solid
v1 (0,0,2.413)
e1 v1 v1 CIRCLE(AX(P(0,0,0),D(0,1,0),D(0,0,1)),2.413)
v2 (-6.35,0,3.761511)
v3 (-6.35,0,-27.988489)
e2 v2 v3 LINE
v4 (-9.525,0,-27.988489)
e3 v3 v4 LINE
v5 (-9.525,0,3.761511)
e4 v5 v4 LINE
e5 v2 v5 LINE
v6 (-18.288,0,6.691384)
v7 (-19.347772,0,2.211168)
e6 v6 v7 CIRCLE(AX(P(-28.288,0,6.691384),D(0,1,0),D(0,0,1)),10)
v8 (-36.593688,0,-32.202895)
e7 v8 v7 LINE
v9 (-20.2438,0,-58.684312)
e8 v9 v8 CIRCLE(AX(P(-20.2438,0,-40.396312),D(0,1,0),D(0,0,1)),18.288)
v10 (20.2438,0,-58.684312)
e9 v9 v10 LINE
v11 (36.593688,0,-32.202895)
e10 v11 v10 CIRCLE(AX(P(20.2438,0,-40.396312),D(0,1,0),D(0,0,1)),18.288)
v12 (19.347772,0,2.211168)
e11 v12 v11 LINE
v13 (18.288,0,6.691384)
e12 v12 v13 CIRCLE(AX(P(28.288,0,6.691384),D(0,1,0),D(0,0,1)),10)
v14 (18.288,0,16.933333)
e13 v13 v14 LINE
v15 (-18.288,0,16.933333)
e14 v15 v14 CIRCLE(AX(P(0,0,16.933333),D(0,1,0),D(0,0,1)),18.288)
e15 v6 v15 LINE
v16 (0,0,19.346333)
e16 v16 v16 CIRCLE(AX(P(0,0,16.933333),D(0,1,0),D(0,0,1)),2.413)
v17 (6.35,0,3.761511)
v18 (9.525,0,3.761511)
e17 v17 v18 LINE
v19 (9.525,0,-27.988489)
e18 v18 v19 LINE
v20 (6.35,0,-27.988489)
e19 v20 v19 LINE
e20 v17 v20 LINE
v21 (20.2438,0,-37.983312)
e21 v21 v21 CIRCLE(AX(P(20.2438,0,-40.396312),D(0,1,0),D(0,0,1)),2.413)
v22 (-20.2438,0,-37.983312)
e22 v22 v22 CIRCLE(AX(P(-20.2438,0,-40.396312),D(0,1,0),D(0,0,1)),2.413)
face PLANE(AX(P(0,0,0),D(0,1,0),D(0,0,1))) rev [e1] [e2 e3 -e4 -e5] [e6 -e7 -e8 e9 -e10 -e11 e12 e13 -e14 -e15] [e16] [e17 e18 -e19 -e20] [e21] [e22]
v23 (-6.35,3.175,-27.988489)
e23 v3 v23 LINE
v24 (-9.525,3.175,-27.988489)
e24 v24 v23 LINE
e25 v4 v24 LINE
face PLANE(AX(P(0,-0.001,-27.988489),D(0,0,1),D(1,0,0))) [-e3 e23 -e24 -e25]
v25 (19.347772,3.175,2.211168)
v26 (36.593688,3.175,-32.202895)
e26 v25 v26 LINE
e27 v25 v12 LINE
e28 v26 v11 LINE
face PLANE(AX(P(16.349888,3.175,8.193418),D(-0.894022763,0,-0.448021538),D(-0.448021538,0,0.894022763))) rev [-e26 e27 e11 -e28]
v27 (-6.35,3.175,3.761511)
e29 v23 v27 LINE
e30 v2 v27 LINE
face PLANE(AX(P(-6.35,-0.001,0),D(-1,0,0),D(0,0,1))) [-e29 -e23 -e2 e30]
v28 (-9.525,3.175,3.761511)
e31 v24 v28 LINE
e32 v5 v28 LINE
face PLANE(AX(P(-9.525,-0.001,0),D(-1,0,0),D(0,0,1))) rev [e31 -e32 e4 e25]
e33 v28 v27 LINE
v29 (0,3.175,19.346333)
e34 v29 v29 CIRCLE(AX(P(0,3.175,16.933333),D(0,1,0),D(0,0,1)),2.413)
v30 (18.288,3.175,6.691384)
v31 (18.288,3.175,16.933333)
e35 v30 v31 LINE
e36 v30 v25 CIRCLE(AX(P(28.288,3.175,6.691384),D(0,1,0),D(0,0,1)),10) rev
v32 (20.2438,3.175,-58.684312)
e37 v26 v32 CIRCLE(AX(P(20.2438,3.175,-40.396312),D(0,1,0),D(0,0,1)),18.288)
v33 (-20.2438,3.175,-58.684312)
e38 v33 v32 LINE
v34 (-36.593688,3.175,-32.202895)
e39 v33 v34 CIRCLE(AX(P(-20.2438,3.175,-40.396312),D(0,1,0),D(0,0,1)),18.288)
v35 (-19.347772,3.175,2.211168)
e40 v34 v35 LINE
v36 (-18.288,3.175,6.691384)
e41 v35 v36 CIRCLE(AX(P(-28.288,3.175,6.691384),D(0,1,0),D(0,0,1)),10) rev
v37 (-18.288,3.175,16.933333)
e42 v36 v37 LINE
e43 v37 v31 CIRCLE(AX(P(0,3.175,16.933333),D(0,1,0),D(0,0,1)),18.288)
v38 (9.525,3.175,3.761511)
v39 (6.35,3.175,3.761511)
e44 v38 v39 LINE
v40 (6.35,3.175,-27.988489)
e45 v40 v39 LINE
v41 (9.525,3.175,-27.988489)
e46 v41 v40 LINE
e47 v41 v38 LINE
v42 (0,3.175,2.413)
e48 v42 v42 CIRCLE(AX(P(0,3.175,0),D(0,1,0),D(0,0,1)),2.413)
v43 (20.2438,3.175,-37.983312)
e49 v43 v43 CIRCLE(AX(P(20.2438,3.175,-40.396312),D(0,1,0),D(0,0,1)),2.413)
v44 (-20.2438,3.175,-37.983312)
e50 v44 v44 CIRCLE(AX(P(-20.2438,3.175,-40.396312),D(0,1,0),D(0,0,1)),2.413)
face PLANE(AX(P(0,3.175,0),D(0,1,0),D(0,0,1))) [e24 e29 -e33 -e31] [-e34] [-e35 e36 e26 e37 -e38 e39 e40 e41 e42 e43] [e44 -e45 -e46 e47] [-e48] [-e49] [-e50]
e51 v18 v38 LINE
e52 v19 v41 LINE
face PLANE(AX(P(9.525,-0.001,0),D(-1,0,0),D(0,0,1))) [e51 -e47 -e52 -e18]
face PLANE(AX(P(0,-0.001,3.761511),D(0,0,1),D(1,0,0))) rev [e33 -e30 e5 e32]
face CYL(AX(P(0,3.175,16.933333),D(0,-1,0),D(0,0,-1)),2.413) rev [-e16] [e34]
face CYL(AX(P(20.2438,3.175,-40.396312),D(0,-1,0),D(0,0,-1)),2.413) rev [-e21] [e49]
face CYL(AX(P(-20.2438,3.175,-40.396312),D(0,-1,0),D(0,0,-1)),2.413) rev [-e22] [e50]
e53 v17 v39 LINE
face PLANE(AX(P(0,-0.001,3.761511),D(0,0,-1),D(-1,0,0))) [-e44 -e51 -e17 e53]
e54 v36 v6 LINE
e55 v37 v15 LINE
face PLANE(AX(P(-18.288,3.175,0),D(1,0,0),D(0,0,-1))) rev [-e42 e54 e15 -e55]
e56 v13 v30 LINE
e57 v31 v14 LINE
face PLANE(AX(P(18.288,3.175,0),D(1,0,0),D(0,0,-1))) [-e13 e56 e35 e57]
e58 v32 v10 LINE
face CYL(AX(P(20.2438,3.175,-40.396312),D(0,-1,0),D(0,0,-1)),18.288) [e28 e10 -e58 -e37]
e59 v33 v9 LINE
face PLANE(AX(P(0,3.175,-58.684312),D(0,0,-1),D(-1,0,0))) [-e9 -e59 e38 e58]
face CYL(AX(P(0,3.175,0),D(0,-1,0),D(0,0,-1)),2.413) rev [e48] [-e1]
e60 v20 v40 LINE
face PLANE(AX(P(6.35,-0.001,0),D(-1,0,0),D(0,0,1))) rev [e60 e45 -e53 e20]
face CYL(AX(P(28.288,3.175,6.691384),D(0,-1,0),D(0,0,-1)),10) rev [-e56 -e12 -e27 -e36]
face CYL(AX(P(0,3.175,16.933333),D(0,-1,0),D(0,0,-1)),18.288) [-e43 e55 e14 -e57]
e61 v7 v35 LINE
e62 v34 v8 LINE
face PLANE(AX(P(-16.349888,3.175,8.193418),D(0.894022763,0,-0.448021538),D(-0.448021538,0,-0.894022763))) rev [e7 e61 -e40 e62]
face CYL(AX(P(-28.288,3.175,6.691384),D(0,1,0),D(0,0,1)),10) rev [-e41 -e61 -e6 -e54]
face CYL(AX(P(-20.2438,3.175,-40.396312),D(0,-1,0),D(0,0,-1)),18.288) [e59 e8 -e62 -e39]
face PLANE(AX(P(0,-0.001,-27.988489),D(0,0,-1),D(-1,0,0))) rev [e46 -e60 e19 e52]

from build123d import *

# Parameters (mm, degrees)
SKETCH1_R           = 2.413
BOSS_EXTRUDE1_DEPTH = 3.175
FILLET1_R           = 10
CUT_EXTRUDE1_REACH  = 72.275
SKETCH2_W           = 3.175
SKETCH2_H           = 31.75


with BuildPart() as part:
    # Sketch1 → Boss-Extrude1 (new body)
    with BuildSketch(Plane(origin=(0, 0, 0), x_dir=(1, 0, 0), z_dir=(0, 1, 0))):
        with BuildLine():
            Line((20.2438, 58.6843124), (-20.2438, 58.6843124))
            ThreePointArc((-20.2438, 58.6843124), (-35.804843833, 50.003854168), (-36.593688296, 32.202894511))
            Line((-36.593688296, 32.202894511), (-18.288, -4.325934222))
            Line((-18.288, -4.325934222), (-18.288, -16.933333333))
            ThreePointArc((-18.288, -16.933333333), (0, -35.221333333), (18.288, -16.933333333))
            Line((18.288, -16.933333333), (18.288, -4.325934222))
            Line((18.288, -4.325934222), (36.593688296, 32.202894511))
            ThreePointArc((36.593688296, 32.202894511), (35.804843833, 50.003854168), (20.2438, 58.6843124))
        make_face()
        with Locations((-20.2438, 40.3963124)):
            Circle(SKETCH1_R, mode=Mode.SUBTRACT)
        with Locations((20.2438, 40.3963124)):
            Circle(SKETCH1_R, mode=Mode.SUBTRACT)
        Circle(SKETCH1_R, mode=Mode.SUBTRACT)
        with Locations((0, -16.933333333)):
            Circle(SKETCH1_R, mode=Mode.SUBTRACT)
    extrude(amount=BOSS_EXTRUDE1_DEPTH)

    # Fillet1
    fillet1_edges = [part.edges().sort_by_distance(p)[0] for p in [
        (18.288, 1.5875, 4.325934222),
        (-18.288, 1.5875, 4.325934222),
    ]]
    fillet(fillet1_edges, radius=FILLET1_R)

    # Sketch2 → Cut-Extrude1 (cut, up to next)
    with BuildSketch(Plane(origin=(0, 3.175, 0), x_dir=(1, 0, 0), z_dir=(0, 1, 0)), mode=Mode.PRIVATE) as cut_extrude1_sk1:
        with Locations((7.9375, 12.1134886)):
            Rectangle(SKETCH2_W, SKETCH2_H)
    cut_extrude1_tool1 = extrude(cut_extrude1_sk1.sketch, amount=-CUT_EXTRUDE1_REACH, mode=Mode.PRIVATE) & part.part
    # Sketch2 → Cut-Extrude1 (cut, up to next)
    with BuildSketch(Plane(origin=(0, 3.175, 0), x_dir=(1, 0, 0), z_dir=(0, 1, 0)), mode=Mode.PRIVATE) as cut_extrude1_sk2:
        with Locations((-7.9375, 12.1134886)):
            Rectangle(SKETCH2_W, SKETCH2_H)
    cut_extrude1_tool2 = extrude(cut_extrude1_sk2.sketch, amount=-CUT_EXTRUDE1_REACH, mode=Mode.PRIVATE) & part.part
    add(cut_extrude1_tool1.solids().sort_by_distance((7.9375, 3.175, -12.113489))[0], mode=Mode.SUBTRACT)
    add(cut_extrude1_tool2.solids().sort_by_distance((-7.9375, 3.175, -12.113489))[0], mode=Mode.SUBTRACT)


solid = part.part
